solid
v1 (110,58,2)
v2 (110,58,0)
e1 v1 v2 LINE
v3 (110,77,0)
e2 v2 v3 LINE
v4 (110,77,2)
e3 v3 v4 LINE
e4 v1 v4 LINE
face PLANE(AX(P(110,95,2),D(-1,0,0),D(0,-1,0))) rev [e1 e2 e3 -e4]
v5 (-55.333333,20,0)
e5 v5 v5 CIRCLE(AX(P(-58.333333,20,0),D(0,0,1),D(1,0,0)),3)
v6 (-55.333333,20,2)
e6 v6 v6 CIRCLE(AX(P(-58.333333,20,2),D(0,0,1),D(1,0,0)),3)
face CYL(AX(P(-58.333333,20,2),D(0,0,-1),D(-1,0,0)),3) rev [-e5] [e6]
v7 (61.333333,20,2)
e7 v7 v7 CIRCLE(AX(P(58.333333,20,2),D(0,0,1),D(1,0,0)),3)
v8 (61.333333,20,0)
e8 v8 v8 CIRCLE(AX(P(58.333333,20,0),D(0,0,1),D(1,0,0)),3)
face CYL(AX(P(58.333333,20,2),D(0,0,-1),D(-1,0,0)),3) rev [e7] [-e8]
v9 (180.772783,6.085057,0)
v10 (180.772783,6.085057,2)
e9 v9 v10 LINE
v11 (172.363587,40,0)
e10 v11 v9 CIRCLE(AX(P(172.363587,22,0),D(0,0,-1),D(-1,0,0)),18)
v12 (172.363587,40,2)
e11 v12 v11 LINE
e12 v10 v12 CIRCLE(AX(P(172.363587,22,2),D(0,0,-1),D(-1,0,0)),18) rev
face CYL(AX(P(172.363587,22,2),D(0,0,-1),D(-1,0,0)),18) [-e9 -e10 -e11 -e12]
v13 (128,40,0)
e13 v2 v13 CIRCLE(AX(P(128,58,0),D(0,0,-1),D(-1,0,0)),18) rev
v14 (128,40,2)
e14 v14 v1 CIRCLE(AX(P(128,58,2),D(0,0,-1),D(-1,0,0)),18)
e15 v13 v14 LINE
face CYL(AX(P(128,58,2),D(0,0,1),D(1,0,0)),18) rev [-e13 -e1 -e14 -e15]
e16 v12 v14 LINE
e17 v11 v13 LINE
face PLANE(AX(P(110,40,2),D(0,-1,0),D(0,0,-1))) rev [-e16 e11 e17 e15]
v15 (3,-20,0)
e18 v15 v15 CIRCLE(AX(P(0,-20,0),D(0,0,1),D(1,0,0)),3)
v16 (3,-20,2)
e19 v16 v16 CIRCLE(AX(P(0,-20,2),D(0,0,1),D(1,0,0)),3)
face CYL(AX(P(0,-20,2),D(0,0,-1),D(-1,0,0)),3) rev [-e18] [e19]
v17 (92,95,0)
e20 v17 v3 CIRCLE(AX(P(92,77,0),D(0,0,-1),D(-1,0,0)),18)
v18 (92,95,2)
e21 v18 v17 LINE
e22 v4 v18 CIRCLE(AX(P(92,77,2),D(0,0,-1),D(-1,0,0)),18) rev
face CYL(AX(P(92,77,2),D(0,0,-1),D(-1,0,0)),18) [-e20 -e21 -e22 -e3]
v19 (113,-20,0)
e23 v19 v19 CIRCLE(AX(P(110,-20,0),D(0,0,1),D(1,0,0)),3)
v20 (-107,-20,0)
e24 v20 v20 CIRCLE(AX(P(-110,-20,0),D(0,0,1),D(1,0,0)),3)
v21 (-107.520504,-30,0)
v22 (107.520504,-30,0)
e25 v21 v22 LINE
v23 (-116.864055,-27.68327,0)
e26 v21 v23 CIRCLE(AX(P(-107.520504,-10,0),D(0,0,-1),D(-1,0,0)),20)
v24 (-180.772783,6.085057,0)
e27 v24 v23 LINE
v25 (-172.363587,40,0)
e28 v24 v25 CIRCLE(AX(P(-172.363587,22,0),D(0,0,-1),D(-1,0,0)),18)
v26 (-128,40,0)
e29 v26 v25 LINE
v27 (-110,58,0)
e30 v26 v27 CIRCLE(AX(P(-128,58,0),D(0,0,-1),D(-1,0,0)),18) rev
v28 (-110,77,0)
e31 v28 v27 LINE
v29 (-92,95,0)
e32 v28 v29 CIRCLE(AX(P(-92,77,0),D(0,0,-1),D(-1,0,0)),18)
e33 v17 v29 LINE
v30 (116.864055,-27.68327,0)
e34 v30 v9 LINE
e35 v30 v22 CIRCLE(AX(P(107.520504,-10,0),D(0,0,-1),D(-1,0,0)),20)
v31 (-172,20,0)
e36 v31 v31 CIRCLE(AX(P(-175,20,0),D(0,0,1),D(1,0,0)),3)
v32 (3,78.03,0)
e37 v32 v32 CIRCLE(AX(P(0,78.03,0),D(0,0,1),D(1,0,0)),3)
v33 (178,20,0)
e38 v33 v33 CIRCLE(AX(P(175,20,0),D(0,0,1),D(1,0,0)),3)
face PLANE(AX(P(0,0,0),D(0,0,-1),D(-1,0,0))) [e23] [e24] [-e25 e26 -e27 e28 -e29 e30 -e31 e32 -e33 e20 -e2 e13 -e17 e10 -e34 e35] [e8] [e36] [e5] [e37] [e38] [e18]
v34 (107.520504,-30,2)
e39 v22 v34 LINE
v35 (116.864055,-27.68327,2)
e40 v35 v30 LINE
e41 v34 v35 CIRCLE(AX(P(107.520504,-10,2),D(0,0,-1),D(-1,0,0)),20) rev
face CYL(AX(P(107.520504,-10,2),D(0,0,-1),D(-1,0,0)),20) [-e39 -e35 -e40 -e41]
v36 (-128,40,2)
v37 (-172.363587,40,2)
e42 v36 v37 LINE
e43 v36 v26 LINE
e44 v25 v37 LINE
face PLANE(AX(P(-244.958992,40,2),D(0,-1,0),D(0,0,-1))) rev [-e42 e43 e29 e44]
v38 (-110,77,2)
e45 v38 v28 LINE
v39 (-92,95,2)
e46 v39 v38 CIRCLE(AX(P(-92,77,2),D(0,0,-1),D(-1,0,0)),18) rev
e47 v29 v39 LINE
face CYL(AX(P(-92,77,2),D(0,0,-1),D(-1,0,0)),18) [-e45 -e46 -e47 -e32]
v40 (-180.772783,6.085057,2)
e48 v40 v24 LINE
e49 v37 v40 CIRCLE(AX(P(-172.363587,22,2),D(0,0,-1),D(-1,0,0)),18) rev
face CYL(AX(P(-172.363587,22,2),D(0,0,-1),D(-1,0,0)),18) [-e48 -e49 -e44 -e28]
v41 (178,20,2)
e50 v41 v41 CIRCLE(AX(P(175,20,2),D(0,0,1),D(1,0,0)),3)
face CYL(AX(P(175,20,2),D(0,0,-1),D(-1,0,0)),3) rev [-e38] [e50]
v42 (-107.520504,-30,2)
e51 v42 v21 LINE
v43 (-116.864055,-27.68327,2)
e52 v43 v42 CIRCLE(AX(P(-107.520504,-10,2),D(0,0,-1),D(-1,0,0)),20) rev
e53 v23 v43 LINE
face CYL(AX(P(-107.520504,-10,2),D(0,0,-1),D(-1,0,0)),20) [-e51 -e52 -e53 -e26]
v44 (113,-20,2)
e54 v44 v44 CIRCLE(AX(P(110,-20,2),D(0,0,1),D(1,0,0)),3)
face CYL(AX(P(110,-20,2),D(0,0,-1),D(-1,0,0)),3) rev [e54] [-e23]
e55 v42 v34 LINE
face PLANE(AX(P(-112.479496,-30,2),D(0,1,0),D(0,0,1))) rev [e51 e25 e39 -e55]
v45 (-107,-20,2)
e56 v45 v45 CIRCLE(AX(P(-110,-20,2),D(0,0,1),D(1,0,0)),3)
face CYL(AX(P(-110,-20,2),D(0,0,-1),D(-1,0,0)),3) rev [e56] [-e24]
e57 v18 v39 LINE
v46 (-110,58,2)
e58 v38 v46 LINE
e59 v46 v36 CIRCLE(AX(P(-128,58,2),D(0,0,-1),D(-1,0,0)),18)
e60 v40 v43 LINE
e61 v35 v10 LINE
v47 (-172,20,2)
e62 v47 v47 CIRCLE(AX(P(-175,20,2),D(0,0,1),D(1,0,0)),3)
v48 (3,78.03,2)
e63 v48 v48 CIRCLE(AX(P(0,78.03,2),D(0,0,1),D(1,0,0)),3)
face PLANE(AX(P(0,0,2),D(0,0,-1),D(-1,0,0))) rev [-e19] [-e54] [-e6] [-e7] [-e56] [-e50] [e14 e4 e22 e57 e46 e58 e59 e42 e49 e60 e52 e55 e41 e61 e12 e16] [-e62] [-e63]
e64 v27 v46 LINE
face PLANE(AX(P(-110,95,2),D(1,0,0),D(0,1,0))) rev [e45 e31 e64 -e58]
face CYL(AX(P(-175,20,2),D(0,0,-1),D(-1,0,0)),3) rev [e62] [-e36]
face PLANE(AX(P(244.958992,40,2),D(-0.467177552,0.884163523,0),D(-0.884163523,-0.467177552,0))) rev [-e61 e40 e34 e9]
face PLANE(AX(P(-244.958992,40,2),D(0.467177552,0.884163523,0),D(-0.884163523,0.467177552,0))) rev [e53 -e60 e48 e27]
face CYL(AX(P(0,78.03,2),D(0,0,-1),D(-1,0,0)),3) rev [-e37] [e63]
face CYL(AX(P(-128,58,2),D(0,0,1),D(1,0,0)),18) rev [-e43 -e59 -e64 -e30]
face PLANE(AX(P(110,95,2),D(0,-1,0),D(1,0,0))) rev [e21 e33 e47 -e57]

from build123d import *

# Parameters (mm, degrees)
ESQUISSE1_R        = 3
BOSS_EXTRU_1_DEPTH = 2
CONG_1_R           = 18
CONG_2_R           = 20


with BuildPart() as part:
    # Esquisse1 → Boss.-Extru.1 (new body)
    with BuildSketch(Plane.XY):
        Polygon((-244.958991582, 40), (-110, 40), (-110, 95), (110, 95), (110, 40), (244.958991582, 40), (112.479495791, -30), (-112.479495791, -30), align=None)
        with Locations((-175, 20)):
            Circle(ESQUISSE1_R, mode=Mode.SUBTRACT)
        with Locations((-110, -20)):
            Circle(ESQUISSE1_R, mode=Mode.SUBTRACT)
        with Locations((110, -20)):
            Circle(ESQUISSE1_R, mode=Mode.SUBTRACT)
        with Locations((175, 20)):
            Circle(ESQUISSE1_R, mode=Mode.SUBTRACT)
        with Locations((0, -20)):
            Circle(ESQUISSE1_R, mode=Mode.SUBTRACT)
        with Locations((-58.333333333, 20)):
            Circle(ESQUISSE1_R, mode=Mode.SUBTRACT)
        with Locations((58.333333333, 20)):
            Circle(ESQUISSE1_R, mode=Mode.SUBTRACT)
        with Locations((0, 78.03)):
            Circle(ESQUISSE1_R, mode=Mode.SUBTRACT)
    extrude(amount=BOSS_EXTRU_1_DEPTH)

    # Congé1
    cong_1_edges = [part.edges().sort_by_distance(p)[0] for p in [
        (-244.958991582, 40, 1),
        (-110, 40, 1),
        (-110, 95, 1),
        (110, 95, 1),
        (110, 40, 1),
        (244.958991582, 40, 1),
    ]]
    fillet(cong_1_edges, radius=CONG_1_R)

    # Congé2
    cong_2_edges = [part.edges().sort_by_distance(p)[0] for p in [
        (112.479495791, -30, 1),
        (-112.479495791, -30, 1),
    ]]
    fillet(cong_2_edges, radius=CONG_2_R)


solid = part.part
